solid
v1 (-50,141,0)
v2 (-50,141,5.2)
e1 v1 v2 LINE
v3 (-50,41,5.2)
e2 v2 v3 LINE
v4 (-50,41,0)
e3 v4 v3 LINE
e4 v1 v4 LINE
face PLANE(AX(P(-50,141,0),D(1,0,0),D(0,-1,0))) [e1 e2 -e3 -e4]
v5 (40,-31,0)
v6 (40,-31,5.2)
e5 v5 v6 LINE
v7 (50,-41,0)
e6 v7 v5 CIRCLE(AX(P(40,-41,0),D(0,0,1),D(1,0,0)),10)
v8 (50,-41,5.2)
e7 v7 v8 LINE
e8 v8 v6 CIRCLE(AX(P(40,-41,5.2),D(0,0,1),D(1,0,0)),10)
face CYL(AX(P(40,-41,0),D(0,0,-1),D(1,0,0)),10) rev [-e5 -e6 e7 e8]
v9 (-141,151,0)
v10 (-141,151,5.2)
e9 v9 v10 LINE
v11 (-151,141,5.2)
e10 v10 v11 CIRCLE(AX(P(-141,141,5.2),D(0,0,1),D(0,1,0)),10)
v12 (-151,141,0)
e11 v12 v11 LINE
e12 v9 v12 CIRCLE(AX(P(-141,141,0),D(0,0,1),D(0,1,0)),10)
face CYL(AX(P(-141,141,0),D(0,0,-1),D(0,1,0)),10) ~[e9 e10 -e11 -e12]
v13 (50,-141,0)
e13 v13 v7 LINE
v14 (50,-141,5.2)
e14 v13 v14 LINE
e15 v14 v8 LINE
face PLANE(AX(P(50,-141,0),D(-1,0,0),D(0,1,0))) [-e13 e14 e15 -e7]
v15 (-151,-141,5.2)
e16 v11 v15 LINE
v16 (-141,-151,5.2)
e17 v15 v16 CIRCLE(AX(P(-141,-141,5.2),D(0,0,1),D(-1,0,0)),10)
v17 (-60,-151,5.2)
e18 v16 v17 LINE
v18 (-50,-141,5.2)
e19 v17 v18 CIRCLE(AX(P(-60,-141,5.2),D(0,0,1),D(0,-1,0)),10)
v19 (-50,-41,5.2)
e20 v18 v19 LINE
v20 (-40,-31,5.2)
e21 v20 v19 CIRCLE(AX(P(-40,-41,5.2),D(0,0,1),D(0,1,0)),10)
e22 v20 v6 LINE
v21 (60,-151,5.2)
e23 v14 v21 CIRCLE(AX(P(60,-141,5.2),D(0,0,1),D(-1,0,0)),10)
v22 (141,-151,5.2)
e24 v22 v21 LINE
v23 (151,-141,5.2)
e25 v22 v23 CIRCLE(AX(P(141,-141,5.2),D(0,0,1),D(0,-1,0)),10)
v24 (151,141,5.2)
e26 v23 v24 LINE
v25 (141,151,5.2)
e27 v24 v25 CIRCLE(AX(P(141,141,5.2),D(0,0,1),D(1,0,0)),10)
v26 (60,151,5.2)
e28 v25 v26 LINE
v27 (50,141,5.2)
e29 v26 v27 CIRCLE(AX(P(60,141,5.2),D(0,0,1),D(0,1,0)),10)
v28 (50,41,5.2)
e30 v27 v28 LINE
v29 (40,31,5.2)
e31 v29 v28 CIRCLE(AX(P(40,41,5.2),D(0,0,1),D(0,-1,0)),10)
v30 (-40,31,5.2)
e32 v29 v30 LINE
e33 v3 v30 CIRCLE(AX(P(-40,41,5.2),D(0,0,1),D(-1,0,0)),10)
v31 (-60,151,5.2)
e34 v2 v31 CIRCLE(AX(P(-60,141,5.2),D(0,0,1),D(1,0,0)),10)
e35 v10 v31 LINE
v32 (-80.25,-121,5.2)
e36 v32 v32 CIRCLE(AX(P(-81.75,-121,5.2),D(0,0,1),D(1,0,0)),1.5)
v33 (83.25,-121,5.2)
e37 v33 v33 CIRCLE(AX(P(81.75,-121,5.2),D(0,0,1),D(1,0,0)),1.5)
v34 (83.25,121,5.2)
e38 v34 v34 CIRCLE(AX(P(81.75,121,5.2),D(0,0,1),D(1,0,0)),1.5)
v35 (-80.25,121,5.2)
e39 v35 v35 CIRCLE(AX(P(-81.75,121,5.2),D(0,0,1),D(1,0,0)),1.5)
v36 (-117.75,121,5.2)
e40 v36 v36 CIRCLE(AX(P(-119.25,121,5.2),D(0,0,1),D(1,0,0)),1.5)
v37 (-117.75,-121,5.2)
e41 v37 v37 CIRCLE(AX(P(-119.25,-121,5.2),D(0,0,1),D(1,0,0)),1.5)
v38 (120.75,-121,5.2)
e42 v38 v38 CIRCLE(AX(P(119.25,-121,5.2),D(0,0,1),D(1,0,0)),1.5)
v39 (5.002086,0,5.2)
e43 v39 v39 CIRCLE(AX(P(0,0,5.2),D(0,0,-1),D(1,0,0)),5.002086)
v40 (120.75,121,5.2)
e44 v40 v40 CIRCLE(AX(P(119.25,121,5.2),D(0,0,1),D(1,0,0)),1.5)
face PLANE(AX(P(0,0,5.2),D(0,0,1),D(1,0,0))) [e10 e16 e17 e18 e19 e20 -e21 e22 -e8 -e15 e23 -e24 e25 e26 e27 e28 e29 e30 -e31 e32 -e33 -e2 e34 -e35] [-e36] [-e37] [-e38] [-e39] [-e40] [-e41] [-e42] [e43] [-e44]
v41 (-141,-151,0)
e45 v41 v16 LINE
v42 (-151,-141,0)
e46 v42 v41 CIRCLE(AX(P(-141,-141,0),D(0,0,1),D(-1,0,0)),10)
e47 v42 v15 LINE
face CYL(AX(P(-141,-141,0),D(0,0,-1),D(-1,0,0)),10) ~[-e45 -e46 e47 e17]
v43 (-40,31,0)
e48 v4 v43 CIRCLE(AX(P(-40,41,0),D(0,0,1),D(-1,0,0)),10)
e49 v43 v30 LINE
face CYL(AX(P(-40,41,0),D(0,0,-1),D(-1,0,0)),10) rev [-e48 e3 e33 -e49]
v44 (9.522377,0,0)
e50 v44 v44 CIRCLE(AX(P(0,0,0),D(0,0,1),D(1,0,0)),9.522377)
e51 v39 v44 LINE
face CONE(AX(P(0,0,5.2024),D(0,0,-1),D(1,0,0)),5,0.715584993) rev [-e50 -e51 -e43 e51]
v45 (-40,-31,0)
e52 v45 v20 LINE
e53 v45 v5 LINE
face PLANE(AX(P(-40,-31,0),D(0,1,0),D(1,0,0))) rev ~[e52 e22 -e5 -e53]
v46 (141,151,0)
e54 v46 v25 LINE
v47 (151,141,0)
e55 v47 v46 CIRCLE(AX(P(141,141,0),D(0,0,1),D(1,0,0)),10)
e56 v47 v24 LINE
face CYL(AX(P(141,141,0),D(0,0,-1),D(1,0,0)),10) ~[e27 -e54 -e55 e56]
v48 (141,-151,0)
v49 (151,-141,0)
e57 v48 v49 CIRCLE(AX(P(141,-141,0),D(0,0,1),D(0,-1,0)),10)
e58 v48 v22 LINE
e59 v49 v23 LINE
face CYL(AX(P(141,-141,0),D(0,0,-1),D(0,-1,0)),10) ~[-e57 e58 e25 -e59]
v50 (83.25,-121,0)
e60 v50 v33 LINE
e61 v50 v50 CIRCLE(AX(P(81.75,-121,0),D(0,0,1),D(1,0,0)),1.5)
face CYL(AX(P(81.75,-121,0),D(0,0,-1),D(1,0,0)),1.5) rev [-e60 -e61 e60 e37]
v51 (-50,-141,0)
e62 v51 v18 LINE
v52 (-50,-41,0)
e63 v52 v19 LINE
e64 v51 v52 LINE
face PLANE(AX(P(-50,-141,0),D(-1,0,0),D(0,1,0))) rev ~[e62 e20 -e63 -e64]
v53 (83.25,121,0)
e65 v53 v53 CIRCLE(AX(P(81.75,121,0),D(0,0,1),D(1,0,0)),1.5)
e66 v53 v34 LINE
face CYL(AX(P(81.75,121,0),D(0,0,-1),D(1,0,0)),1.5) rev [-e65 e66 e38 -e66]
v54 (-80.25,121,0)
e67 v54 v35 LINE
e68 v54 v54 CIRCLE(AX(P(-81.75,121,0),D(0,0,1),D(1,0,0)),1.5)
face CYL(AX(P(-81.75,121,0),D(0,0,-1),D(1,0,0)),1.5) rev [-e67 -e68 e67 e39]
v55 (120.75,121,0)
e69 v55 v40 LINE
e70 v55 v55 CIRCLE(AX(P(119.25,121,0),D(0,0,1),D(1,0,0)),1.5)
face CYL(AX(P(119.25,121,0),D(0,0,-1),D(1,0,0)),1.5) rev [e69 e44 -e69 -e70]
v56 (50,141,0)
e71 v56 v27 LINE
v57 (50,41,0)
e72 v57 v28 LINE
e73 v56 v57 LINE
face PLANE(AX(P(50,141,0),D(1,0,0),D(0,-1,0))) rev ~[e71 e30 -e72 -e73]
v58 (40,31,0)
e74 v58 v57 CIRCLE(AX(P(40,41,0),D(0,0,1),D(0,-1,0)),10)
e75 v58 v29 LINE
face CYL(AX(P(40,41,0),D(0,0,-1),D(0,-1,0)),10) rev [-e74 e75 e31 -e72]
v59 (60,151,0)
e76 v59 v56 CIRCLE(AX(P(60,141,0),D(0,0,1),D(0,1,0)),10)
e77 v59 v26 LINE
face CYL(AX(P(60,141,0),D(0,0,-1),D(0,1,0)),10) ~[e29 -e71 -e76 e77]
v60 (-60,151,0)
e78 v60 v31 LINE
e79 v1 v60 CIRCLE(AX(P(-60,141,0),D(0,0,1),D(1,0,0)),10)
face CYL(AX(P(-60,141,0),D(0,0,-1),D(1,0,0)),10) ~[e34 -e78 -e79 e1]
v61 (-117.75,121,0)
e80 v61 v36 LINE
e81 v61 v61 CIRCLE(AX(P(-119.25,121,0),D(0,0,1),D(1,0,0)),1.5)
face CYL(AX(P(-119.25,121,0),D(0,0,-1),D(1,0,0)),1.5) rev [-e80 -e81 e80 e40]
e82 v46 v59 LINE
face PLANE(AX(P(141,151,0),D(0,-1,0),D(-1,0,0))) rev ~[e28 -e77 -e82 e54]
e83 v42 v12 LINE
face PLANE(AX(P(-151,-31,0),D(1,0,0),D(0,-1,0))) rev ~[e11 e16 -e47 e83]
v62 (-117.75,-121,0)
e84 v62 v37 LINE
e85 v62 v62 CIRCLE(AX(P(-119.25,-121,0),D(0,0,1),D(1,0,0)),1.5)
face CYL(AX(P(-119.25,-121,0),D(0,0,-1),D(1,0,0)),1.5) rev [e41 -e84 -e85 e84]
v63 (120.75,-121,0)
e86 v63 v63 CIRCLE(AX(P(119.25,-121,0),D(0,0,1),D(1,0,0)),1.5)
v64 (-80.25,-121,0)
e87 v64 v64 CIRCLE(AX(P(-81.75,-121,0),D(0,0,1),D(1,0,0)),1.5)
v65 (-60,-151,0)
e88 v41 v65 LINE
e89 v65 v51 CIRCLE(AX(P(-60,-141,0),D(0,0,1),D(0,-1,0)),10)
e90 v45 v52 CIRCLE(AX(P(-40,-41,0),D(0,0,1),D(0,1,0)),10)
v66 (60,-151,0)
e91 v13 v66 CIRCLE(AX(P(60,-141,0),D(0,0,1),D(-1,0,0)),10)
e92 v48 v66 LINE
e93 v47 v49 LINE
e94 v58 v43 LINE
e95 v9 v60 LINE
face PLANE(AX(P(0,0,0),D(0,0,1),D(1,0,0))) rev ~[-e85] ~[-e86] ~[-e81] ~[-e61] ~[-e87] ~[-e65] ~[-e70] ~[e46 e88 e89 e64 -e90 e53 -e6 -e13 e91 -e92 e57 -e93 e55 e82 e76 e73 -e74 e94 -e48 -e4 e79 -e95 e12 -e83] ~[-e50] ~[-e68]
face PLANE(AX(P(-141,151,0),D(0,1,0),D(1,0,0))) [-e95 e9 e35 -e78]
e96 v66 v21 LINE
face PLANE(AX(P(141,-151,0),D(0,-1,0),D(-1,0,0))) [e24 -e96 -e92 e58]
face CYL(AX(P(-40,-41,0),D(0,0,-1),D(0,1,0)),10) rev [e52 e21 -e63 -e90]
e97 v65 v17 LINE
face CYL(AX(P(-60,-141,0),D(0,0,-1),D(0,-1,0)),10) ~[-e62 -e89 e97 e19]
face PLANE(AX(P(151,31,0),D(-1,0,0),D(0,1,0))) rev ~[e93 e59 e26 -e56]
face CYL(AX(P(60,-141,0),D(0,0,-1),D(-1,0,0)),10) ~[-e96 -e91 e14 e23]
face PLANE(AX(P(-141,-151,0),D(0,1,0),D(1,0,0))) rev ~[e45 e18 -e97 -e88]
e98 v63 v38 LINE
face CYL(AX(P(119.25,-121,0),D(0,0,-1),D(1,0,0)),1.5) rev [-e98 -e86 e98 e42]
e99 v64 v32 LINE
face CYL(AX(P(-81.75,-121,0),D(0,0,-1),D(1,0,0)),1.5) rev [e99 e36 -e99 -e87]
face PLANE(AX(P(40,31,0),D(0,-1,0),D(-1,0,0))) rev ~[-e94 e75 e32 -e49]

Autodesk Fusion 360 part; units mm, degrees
sketch "Sketch1" plane through (0, 0, 0) normal (0, 0, 1) x (1, 0, 0)
  line L0 (40, 31) -> (-40, 31)
  line L1 (-40, -31) -> (40, -31)
  line L2 (50, 31) -> (-50, -31) construction
  line L3 (-50, 31) -> (50, -31) construction
  line L4 (151, 31) -> (151, 141)
  line L5 (141, 151) -> (60, 151)
  line L6 (50, 141) -> (50, 41)
  line L7 (151, -31) -> (151, -141)
  line L8 (141, -151) -> (60, -151)
  line L9 (50, -141) -> (50, -41)
  line L10 (151, -31) -> (151, 31)
  line L11 (0, 0) -> (0, 31) construction
  line L12 (-141, 151) -> (-60, 151)
  line L13 (-50, 141) -> (-50, 41)
  line L14 (-151, 31) -> (-151, 141)
  line L15 (-151, -31) -> (-151, 31)
  line L16 (-141, -151) -> (-60, -151)
  line L17 (-50, -141) -> (-50, -41)
  line L18 (-151, -31) -> (-151, -141)
  circle A0 centre (0, 0) radius 5
  arc A1 (-141, 151) -> (-151, 141) centre (-141, 141) ccw
  arc A2 (-50, 141) -> (-60, 151) centre (-60, 141) ccw
  arc A3 (60, 151) -> (50, 141) centre (60, 141) ccw
  arc A4 (151, 141) -> (141, 151) centre (141, 141) ccw
  arc A5 (-151, -141) -> (-141, -151) centre (-141, -141) ccw
  arc A6 (-60, -151) -> (-50, -141) centre (-60, -141) ccw
  arc A7 (50, -141) -> (60, -151) centre (60, -141) ccw
  arc A8 (141, -151) -> (151, -141) centre (141, -141) ccw
  arc A9 (-40, -31) -> (-50, -41) centre (-40, -41) ccw
  arc A10 (50, -41) -> (40, -31) centre (40, -41) ccw
  arc A11 (40, 31) -> (50, 41) centre (40, 41) ccw
  arc A12 (-50, 41) -> (-40, 31) centre (-40, 41) ccw
  line L19 (100.5, -151) -> (100.5, -121) construction
  line L20 (119.25, -121) -> (81.75, -121) construction
  circle A13 centre (119.25, -121) radius 1.5
  circle A14 centre (81.75, -121) radius 1.5
  line L21 (151, 0) -> (100, 0) construction
  circle A15 centre (81.75, 121) radius 1.5
  circle A16 centre (119.25, 121) radius 1.5
  line L22 (0, -150) -> (0, -125) construction
  circle A17 centre (-81.75, -121) radius 1.5
  circle A18 centre (-119.25, -121) radius 1.5
  circle A19 centre (-81.75, 121) radius 1.5
  circle A20 centre (-119.25, 121) radius 1.5
  point P0 (50, 151)
  point P1 (50, -151)
  dimension "d1" = 100
  dimension "d2" = 62
  dimension "d3" = 101
  dimension "d4" = 120
  dimension "d5" = 101
  dimension "d6" = 120
  dimension "d9" = 10
  dimension "d10" = 10
  dimension "d11" = 30
  dimension "d12" = 18.75
  dimension "d13" = 37.5
  dimension "d14" = 3
  dimension "d15" = 3
  dimension "d21" = 51
  dimension "d22" = 25
  dimension "d23" = 125
extrude "Extrude1" add sketch "Sketch1" along normal blind 30.6
chamfer "Chamfer1" distance 5.2024 angle 41 1 edges at (-4.6616, 1.8081, 0) measured on face at (4.9938, -0.2492, 20.4)
extrude "Extrude2" cut 1 faces at (-96.5316, 12.7276, 30.6) along direction (0, 0, -1) blind 25.4
equation "d7 = 5.2 mm + 1 in"
equation "d12 = ( 37.5 / 2 ) * 1 mm"
